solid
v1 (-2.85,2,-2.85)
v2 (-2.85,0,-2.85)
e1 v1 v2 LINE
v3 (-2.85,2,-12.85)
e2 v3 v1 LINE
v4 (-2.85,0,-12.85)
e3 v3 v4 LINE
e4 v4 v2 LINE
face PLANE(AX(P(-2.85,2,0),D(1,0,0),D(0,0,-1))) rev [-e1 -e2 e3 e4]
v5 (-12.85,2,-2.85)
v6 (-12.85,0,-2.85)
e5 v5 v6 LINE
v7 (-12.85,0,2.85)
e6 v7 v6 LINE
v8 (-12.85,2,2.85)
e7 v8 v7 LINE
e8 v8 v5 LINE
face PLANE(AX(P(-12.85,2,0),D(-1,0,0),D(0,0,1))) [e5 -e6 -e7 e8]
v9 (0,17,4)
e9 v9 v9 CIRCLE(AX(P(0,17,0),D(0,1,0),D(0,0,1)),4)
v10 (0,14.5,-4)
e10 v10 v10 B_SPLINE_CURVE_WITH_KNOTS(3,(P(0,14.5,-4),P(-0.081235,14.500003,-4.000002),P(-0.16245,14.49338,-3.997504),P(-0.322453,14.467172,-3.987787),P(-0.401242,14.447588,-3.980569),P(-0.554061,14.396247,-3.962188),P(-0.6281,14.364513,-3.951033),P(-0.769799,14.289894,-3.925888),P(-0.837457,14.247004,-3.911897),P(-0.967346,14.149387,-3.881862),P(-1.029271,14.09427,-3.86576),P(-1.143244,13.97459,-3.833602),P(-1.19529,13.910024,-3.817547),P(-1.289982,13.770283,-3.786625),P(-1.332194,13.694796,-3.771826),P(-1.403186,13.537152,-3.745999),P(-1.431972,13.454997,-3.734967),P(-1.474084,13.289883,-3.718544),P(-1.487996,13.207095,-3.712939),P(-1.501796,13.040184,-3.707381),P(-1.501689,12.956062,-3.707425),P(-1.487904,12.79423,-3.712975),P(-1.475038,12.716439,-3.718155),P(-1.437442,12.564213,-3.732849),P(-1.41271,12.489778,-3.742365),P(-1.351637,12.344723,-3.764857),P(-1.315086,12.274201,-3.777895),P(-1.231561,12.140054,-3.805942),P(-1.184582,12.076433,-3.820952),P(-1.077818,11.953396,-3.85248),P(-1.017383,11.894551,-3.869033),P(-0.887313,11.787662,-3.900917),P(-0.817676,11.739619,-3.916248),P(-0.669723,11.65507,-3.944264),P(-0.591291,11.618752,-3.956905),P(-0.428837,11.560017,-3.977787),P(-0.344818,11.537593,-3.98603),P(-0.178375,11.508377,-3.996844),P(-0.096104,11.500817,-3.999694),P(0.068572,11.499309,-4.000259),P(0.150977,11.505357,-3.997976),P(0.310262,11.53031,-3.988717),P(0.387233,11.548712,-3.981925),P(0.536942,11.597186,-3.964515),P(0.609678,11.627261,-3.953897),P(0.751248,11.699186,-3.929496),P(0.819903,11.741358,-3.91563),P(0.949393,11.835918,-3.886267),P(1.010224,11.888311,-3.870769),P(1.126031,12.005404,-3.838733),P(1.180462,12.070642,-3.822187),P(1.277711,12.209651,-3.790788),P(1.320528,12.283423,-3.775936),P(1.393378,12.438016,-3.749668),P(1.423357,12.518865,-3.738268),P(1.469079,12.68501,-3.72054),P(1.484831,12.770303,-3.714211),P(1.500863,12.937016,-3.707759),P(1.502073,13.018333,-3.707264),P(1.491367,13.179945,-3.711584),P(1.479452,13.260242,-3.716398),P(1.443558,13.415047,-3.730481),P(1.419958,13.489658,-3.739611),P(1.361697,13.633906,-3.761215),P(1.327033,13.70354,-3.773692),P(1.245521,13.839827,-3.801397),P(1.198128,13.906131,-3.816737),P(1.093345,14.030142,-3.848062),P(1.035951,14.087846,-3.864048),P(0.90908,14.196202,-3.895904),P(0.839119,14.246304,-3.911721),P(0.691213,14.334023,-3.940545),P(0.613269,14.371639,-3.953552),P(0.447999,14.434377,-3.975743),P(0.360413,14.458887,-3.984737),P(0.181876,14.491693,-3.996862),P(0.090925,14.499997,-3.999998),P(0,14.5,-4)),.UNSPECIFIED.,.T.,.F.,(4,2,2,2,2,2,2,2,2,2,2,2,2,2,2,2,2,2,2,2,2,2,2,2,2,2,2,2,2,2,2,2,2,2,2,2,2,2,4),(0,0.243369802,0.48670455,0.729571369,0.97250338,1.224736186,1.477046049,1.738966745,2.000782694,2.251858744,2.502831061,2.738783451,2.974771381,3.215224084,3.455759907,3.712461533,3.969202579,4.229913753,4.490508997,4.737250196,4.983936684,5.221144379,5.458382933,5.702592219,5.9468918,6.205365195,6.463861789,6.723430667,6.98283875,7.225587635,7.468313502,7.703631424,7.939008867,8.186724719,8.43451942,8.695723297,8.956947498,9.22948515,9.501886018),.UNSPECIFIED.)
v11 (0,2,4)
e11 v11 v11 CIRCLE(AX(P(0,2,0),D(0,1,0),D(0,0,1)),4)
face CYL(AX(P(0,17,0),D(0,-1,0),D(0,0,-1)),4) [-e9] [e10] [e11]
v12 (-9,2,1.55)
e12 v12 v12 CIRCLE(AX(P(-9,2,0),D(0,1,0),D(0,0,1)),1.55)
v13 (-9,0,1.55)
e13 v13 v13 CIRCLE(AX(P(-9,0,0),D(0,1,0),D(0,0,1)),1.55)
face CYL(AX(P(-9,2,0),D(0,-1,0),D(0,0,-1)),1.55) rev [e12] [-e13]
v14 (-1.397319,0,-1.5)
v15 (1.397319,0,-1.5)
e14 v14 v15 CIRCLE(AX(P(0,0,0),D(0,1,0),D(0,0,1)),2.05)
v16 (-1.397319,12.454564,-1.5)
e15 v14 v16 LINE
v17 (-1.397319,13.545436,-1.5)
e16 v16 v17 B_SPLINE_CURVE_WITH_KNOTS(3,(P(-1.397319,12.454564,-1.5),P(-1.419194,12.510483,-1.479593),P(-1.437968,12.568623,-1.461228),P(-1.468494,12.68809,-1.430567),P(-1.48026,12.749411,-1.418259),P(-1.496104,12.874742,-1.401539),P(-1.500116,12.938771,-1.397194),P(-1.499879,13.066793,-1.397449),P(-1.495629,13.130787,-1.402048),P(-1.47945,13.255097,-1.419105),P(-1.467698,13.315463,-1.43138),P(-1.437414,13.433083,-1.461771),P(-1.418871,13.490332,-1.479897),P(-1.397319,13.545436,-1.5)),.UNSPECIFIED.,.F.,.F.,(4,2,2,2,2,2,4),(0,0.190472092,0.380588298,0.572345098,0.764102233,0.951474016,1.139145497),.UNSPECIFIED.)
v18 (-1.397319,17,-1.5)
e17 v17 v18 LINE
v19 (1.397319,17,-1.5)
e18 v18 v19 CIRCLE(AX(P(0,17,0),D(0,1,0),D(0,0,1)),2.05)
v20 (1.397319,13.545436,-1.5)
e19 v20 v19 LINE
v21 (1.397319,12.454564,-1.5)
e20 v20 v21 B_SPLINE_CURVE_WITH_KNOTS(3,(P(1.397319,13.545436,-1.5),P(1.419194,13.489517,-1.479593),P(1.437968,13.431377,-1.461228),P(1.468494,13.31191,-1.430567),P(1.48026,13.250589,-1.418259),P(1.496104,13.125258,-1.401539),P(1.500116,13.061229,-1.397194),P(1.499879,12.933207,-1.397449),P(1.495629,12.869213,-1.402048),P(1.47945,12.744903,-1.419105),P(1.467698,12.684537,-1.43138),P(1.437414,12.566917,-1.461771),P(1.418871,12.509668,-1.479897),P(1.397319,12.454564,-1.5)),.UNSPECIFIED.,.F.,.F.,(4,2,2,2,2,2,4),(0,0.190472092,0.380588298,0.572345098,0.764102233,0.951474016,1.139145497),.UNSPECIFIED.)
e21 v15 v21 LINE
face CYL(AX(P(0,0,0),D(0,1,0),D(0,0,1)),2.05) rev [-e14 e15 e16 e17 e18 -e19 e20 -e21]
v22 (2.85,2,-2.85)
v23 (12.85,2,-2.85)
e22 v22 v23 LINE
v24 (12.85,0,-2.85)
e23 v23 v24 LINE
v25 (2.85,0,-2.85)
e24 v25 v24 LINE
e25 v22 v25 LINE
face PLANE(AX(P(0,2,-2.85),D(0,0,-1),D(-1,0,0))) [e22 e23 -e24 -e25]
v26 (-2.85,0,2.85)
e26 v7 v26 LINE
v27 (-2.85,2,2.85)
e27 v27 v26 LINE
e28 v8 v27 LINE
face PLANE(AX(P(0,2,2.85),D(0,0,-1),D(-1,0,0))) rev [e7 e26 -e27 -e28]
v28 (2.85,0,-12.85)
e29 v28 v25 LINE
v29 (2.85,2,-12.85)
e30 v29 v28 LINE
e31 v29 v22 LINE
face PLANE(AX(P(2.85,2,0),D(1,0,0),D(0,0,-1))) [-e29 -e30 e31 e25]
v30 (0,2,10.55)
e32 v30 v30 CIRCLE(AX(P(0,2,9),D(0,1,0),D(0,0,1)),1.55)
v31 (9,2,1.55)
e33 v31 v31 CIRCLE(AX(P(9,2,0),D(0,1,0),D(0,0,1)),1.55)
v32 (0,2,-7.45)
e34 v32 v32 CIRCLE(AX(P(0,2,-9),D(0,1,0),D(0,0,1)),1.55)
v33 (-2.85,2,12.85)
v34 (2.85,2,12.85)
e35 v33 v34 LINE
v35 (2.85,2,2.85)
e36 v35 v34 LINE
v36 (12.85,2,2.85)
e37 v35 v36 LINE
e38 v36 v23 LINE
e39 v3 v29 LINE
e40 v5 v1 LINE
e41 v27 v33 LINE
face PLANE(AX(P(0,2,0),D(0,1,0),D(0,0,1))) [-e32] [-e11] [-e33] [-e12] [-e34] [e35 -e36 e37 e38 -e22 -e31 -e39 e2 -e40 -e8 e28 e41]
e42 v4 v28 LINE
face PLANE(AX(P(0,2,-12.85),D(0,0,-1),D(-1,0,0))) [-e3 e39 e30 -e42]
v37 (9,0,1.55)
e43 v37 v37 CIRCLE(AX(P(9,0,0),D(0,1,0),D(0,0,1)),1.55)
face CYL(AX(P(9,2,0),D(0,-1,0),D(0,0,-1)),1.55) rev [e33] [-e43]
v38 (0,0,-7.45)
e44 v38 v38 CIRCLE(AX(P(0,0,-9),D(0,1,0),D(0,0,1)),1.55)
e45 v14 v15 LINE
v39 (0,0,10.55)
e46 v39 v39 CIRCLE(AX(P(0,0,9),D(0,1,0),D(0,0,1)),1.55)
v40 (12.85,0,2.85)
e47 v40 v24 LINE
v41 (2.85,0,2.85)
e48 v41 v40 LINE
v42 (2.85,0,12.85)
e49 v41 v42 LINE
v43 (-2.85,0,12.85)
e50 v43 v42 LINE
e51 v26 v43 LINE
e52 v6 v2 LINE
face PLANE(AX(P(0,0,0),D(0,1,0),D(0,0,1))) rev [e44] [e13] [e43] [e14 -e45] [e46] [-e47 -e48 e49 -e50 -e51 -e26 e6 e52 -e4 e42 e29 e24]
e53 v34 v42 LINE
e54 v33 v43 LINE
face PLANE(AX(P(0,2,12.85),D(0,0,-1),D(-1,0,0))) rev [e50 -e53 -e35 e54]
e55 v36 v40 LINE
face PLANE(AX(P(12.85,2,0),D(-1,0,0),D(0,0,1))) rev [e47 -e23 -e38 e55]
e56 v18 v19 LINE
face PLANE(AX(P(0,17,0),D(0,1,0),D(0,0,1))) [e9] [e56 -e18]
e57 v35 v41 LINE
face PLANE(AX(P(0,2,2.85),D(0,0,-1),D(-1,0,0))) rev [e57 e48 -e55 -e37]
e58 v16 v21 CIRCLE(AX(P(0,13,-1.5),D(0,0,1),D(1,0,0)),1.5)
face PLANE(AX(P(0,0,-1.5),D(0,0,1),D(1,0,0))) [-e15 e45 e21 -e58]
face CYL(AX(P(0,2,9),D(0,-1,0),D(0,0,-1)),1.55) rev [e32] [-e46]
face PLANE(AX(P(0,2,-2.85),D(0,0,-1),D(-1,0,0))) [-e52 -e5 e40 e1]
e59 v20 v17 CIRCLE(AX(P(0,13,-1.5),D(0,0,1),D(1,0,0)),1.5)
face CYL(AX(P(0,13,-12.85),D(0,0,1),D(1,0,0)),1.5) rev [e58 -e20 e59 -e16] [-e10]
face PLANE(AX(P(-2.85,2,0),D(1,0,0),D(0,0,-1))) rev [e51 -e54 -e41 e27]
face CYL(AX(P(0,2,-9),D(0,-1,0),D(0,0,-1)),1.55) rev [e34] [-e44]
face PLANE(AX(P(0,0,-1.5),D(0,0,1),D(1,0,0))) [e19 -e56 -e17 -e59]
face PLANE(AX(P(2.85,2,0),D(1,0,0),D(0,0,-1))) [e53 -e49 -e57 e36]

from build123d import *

# Parameters (mm, degrees)
SKETCH_1_W          = 25.7
SKETCH_1_H          = 5.7
SKETCH_1_R          = 1.55
SKETCH_1_W_2        = 5.7
SKETCH_1_H_2        = 25.7
EXTRUDE_1_DEPTH     = 2
SKETCH_2_R          = 4
EXTRUDE_2_DEPTH     = 15
CUT_EXTRUDE_1_DEPTH = 25.884633813
SKETCH_4_R          = 1.5
CUT_EXTRUDE_2_DEPTH = 26.691340954
CUT_EXTRUDE_START   = -1
SKETCH_5_R          = 1.5
CUT_EXTRUDE_3_DEPTH = 1


with BuildPart() as part:
    # 草图1 → 凸台-拉伸1 (new body)
    # profile 1 of 2: a face of its own
    with BuildSketch(Plane(origin=(0, 0, 0), x_dir=(1, 0, 0), z_dir=(0, 1, 0))):
        Rectangle(SKETCH_1_W, SKETCH_1_H)
        with Locations(Location((9, 0, 0), (0, 0, 270))):
            Circle(SKETCH_1_R, mode=Mode.SUBTRACT)
        with Locations(Location((-9, 0, 0), (0, 0, 270))):
            Circle(SKETCH_1_R, mode=Mode.SUBTRACT)
    # profile 2 of 2: a face of its own
    with BuildSketch(Plane(origin=(0, 0, 0), x_dir=(1, 0, 0), z_dir=(0, 1, 0))):
        Rectangle(SKETCH_1_W_2, SKETCH_1_H_2)
        with Locations(Location((0, 9, 0), (0, 0, 270))):
            Circle(SKETCH_1_R, mode=Mode.SUBTRACT)
        with Locations(Location((0, -9, 0), (0, 0, 270))):
            Circle(SKETCH_1_R, mode=Mode.SUBTRACT)
    extrude(amount=EXTRUDE_1_DEPTH)

    # 草图2 → 凸台-拉伸2 (add)
    with BuildSketch(Plane(origin=(0, 2, 0), x_dir=(1, 0, 0), z_dir=(0, 1, 0))):
        with Locations(Location((0, 0, 0), (0, 0, 270))):
            Circle(SKETCH_2_R)
    extrude(amount=EXTRUDE_2_DEPTH)

    # 草图3 → 切除-拉伸1 (cut, through all)
    with BuildSketch(Plane(origin=(0, 17, 0), x_dir=(1, 0, 0), z_dir=(0, 1, 0))):
        with BuildLine():
            Line((0, 1.5), (-1.397318861, 1.5))
            ThreePointArc((-1.397318861, 1.5), (-0.817923081, -1.879761111), (2.05, 0))
            ThreePointArc((2.05, 0), (1.879761111, 0.817923081), (1.397318861, 1.5))
            Line((1.397318861, 1.5), (0, 1.5))
        make_face()
    extrude(amount=-CUT_EXTRUDE_1_DEPTH, mode=Mode.SUBTRACT)

    # 草图4 → 切除-拉伸2 (cut, through all)
    with BuildSketch(Plane.XY.offset(-1.5)):
        with Locations(Location((0, 13, 0), (0, 0, 21.322909655))):
            Circle(SKETCH_4_R)
    extrude(amount=-CUT_EXTRUDE_2_DEPTH, mode=Mode.SUBTRACT)

    # 草图5 → 切除-拉伸3 (cut)
    with BuildSketch(Plane(origin=(0, 0, -1.5), x_dir=(-1, 0, 0), z_dir=(0, 0, -1)).offset(CUT_EXTRUDE_START)):
        with Locations(Location((0, 13, 0), (0, 0, 158.677090345))):
            Circle(SKETCH_5_R)
    extrude(amount=CUT_EXTRUDE_3_DEPTH, mode=Mode.SUBTRACT)


solid = part.part
